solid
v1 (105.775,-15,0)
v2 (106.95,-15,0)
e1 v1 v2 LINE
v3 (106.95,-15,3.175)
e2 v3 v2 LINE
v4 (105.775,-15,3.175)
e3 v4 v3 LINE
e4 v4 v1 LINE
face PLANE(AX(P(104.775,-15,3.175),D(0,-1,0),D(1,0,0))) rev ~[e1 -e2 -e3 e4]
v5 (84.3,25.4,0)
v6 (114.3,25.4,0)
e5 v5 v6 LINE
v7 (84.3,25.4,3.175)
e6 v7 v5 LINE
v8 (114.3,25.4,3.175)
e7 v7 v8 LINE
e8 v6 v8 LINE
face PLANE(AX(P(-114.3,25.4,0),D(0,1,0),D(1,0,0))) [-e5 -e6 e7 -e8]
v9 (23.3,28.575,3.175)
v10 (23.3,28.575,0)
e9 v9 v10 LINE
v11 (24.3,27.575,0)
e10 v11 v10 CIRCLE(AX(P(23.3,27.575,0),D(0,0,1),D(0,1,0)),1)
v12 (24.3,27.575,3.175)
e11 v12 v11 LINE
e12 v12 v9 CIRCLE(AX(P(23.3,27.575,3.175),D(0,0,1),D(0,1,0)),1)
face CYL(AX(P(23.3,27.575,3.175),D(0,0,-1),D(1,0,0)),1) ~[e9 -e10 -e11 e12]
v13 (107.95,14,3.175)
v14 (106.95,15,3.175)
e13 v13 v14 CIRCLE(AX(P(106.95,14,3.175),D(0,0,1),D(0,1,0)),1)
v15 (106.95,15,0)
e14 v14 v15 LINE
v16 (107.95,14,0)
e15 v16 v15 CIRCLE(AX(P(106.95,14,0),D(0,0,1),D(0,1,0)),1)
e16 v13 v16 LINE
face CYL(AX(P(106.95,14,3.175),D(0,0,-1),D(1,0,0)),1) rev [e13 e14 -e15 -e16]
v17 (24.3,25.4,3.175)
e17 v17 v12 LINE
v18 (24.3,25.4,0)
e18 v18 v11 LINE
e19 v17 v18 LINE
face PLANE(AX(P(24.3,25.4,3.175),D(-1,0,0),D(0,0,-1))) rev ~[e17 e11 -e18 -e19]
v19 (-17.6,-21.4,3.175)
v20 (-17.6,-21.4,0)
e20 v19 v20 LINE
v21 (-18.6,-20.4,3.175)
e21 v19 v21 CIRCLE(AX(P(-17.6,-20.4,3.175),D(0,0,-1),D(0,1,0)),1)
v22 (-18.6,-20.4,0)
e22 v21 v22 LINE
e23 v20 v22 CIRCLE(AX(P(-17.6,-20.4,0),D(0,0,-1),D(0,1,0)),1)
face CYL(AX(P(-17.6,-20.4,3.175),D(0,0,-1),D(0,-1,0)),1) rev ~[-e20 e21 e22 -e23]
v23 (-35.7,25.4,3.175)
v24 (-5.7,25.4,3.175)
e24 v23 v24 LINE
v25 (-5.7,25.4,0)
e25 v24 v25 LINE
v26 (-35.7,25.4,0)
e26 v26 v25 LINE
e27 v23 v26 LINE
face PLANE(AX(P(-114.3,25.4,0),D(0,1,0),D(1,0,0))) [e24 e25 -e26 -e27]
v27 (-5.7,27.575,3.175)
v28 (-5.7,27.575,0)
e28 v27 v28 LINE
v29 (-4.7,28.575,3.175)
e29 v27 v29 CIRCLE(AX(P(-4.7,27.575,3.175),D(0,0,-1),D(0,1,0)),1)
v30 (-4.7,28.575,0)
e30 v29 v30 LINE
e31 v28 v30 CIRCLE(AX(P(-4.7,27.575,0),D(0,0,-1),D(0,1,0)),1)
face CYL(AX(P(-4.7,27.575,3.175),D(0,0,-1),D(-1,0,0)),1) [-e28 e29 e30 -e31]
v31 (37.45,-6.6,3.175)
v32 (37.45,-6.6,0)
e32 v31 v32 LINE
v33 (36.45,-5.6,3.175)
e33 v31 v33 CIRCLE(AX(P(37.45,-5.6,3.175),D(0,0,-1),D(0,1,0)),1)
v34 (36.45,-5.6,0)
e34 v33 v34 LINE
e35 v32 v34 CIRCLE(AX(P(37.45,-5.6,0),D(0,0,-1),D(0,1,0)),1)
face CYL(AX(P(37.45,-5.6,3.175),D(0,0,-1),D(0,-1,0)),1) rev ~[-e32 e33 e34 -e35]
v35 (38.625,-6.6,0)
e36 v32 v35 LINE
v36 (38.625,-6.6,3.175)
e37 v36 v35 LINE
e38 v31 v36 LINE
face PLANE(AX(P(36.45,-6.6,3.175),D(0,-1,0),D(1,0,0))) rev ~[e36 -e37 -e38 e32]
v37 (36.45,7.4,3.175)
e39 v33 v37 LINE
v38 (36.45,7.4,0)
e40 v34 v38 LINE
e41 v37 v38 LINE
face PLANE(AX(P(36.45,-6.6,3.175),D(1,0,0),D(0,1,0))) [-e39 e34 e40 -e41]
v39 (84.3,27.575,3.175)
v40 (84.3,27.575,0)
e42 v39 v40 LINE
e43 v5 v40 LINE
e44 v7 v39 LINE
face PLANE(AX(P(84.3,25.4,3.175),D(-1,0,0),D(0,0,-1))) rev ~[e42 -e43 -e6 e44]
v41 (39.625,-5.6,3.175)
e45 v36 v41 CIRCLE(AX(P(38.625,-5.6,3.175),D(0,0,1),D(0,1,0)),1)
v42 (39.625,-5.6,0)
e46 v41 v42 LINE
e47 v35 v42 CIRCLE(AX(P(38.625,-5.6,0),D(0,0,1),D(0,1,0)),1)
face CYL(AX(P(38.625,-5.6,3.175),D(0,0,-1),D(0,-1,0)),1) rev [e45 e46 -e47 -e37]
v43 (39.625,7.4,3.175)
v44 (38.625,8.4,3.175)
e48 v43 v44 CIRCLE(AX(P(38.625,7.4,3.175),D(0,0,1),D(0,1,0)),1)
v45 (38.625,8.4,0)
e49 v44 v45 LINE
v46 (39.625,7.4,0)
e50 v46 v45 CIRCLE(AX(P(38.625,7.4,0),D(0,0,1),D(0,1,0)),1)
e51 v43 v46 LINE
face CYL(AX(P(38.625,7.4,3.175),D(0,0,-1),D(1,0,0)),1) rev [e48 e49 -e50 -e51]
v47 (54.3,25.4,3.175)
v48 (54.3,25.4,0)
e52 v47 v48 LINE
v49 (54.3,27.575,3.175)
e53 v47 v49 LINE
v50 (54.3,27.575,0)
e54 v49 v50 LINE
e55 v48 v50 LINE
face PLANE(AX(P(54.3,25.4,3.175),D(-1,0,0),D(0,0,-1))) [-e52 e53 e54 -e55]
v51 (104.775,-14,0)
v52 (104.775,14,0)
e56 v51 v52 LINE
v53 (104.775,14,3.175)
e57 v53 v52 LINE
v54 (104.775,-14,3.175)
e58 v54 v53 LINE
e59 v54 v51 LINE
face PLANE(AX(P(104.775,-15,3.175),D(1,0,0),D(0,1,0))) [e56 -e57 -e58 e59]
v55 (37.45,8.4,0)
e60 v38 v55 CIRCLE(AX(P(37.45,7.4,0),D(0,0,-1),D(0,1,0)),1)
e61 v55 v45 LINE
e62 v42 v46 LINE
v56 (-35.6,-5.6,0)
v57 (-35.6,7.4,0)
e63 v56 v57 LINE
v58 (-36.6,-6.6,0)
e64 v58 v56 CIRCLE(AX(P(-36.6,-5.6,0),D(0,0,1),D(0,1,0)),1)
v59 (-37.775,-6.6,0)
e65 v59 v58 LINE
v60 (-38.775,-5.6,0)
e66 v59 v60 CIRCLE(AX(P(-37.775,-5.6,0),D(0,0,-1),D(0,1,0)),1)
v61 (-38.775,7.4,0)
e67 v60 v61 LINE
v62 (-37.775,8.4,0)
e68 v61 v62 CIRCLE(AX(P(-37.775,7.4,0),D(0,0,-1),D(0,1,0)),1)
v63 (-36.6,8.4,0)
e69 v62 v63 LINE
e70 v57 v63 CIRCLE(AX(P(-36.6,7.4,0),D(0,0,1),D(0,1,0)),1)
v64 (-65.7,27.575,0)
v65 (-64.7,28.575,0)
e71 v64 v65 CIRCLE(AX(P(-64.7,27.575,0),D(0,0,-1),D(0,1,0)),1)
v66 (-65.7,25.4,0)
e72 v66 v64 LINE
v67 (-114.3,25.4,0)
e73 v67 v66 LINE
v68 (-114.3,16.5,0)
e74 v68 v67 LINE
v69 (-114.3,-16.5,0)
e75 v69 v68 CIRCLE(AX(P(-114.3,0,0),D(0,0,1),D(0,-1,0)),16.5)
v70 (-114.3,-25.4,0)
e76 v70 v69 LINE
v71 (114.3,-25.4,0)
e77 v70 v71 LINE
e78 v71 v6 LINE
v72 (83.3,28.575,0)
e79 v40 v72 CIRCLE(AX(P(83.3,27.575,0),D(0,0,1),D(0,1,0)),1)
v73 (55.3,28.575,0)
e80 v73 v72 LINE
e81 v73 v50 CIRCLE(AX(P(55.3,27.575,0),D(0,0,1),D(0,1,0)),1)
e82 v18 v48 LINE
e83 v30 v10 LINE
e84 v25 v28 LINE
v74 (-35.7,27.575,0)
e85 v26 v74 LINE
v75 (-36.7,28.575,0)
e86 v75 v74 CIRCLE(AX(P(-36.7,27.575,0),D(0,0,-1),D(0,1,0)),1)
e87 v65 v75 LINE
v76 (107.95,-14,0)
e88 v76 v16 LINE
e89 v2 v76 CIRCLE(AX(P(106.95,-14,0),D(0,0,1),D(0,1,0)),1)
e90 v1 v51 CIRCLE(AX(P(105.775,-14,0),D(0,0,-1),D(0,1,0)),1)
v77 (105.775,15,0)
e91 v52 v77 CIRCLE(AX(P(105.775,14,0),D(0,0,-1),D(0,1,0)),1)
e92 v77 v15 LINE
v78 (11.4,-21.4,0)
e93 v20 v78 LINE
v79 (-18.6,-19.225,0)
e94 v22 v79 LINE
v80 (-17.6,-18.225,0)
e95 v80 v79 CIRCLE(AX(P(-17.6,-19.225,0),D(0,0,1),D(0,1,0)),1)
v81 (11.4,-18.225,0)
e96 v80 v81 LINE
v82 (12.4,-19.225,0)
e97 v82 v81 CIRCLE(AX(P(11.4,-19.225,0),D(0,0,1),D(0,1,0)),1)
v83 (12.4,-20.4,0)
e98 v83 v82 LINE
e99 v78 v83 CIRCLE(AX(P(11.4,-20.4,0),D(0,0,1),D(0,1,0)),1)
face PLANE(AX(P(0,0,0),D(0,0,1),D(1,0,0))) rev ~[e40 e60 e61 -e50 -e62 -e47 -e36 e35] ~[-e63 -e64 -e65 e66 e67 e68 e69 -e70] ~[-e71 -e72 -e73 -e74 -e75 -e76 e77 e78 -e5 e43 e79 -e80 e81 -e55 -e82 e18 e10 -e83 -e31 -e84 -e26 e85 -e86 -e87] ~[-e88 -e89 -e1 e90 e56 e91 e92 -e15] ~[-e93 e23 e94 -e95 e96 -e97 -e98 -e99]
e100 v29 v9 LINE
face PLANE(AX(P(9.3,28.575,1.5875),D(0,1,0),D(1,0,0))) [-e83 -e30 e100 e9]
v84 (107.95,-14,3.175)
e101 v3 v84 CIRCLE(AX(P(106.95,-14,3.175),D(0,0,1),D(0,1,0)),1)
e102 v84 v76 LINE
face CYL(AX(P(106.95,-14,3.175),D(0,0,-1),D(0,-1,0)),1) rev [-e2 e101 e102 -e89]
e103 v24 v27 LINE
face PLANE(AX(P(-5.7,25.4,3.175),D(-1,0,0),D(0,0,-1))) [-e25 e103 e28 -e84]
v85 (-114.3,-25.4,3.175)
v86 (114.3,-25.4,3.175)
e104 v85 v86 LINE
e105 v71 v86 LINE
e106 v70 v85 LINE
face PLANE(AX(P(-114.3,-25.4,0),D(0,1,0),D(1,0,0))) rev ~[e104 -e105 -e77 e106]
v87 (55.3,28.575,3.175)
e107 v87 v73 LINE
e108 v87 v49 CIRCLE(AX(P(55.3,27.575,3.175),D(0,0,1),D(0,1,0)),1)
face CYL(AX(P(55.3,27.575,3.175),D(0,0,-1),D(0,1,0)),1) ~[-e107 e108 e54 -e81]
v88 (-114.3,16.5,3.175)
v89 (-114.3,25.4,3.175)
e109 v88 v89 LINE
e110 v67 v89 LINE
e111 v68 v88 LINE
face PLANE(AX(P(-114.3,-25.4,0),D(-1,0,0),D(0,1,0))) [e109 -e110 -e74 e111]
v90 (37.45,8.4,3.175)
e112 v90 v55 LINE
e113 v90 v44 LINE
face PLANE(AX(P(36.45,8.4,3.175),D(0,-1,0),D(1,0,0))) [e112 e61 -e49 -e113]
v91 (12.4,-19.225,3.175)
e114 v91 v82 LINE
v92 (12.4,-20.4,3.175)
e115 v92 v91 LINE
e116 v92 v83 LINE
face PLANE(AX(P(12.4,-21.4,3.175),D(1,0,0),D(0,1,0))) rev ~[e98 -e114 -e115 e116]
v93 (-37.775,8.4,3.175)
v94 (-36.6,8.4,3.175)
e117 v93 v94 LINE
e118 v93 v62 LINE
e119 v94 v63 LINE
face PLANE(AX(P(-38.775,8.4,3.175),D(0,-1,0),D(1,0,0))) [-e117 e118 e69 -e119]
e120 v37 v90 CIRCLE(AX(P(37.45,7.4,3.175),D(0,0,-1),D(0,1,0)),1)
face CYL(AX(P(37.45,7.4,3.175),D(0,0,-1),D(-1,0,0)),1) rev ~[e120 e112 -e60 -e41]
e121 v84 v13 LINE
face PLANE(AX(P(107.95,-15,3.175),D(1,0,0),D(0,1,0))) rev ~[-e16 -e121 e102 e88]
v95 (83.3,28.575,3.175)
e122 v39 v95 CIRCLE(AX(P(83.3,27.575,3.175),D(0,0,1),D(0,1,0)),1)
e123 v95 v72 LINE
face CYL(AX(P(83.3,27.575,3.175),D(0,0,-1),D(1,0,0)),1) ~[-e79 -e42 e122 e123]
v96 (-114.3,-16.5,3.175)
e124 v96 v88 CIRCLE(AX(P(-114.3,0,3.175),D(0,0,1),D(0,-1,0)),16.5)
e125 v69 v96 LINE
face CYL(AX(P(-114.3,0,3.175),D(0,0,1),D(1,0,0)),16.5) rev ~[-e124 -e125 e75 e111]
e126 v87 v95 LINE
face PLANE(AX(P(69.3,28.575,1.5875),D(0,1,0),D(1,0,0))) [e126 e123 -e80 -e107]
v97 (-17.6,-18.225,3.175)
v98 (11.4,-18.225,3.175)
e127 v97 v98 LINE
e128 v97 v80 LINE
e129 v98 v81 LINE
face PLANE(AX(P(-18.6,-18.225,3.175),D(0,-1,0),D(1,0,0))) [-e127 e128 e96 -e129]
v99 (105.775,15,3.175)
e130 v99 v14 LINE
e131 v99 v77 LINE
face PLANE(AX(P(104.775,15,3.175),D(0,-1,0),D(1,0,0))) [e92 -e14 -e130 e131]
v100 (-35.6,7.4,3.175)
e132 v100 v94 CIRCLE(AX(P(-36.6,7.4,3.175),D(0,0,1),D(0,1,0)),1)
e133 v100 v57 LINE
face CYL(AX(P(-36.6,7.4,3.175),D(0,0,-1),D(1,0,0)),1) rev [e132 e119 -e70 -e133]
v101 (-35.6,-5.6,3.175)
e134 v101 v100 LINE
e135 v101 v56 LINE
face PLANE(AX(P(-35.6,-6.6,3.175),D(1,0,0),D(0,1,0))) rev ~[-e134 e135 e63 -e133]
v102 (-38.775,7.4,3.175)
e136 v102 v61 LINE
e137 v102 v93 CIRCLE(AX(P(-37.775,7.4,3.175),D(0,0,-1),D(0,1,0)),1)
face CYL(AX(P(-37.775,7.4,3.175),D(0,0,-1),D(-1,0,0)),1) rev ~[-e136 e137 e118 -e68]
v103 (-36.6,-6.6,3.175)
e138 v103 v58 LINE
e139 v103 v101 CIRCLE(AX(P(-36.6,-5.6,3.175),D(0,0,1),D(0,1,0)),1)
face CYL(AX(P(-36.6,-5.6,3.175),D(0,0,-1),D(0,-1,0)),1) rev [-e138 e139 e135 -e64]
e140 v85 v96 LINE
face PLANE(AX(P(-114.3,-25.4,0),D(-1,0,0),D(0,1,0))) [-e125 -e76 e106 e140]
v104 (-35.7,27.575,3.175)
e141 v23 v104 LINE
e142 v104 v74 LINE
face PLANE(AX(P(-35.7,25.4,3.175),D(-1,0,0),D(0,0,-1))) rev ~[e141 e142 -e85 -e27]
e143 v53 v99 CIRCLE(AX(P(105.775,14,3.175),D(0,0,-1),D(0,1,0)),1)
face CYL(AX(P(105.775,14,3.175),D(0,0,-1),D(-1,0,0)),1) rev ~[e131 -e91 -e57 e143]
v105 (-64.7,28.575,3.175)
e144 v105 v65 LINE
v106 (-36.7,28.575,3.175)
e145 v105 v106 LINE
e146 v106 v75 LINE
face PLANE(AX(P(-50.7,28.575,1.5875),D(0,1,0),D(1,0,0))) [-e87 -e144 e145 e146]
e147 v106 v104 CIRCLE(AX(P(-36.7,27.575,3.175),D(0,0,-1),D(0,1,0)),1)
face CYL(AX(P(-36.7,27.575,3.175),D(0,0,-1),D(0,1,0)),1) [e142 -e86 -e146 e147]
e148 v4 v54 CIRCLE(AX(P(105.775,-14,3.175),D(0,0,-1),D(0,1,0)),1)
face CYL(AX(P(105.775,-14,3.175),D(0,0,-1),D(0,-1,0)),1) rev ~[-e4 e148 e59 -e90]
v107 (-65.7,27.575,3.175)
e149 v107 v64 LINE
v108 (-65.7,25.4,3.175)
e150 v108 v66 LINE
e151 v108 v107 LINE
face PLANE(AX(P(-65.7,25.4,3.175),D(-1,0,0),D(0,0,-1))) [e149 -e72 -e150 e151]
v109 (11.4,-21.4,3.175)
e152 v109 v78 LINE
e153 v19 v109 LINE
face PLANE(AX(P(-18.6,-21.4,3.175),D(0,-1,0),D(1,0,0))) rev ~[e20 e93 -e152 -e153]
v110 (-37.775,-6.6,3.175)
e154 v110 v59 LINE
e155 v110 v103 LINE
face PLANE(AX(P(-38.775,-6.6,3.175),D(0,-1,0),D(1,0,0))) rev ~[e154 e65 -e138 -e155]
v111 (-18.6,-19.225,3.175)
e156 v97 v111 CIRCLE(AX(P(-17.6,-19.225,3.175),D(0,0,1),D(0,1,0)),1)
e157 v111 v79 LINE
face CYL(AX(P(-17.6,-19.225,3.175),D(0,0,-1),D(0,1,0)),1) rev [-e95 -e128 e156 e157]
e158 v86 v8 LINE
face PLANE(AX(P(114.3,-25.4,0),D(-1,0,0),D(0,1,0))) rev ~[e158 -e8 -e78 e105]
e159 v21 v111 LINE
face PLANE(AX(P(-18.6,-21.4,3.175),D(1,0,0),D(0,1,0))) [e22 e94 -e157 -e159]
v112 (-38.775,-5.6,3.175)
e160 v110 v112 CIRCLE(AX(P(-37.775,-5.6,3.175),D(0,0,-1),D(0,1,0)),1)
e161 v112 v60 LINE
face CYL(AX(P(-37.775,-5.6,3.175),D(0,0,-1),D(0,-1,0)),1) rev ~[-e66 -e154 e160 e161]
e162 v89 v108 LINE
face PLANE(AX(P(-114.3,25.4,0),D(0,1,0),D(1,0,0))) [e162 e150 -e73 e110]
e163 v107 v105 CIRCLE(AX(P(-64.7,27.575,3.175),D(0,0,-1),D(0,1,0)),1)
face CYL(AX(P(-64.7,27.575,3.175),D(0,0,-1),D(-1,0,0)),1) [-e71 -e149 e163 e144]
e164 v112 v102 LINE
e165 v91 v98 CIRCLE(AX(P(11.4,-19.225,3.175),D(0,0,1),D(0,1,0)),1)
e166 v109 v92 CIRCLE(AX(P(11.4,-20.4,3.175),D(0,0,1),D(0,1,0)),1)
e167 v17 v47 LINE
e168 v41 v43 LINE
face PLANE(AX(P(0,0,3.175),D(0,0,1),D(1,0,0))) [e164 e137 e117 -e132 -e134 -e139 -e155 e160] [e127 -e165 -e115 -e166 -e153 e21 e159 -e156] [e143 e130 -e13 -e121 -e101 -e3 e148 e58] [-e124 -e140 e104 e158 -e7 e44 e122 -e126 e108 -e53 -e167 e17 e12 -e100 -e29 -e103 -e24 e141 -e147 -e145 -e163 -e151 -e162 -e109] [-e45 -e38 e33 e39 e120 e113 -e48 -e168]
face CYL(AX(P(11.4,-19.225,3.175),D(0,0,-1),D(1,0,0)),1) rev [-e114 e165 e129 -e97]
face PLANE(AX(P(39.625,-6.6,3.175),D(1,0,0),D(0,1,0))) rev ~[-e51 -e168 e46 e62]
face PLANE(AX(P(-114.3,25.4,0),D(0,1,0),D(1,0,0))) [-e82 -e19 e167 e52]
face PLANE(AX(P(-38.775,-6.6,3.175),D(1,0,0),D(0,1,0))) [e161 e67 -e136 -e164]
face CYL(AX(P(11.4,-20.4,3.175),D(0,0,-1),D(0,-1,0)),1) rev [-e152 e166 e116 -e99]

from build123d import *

# Parameters (mm, degrees)
SKETCH1_W           = 228.6
SKETCH1_H           = 50.8
BOSS_EXTRUDE1_DEPTH = 3.175
SKETCH2_W           = 30
SKETCH2_H           = 3.175
BOSS_EXTRUDE2_DEPTH = 3.175
SKETCH3_R           = 16.5
CUT_EXTRUDE1_DEPTH  = 4.175
SKETCH4_W           = 3.175
SKETCH4_H           = 30
SKETCH4_H_2         = 15
CUT_EXTRUDE2_DEPTH  = 10
SKETCH5_W           = 31
SKETCH5_H           = 3.175
CUT_EXTRUDE3_DEPTH  = 10
FILLET1_R           = 1


with BuildPart() as part:
    # Sketch1 → Boss-Extrude1 (new body)
    with BuildSketch(Plane.XY):
        Rectangle(SKETCH1_W, SKETCH1_H)
    extrude(amount=BOSS_EXTRUDE1_DEPTH)

    # Sketch2 → Boss-Extrude2 (add)
    with BuildSketch(Plane(origin=(0, 25.4, 0), x_dir=(1, 0, 0), z_dir=(0, 1, 0))):
        with Locations((69.3, -1.5875)):
            Rectangle(SKETCH2_W, SKETCH2_H)
        with Locations((9.3, -1.5875)):
            Rectangle(SKETCH2_W, SKETCH2_H)
        with Locations((-50.7, -1.5875)):
            Rectangle(SKETCH2_W, SKETCH2_H)
    extrude(amount=BOSS_EXTRUDE2_DEPTH)

    # Sketch3 → Cut-Extrude1 (cut, through all)
    with BuildSketch(Plane.XY.offset(3.175)):
        with Locations((-114.3, 0)):
            Circle(SKETCH3_R)
    extrude(amount=-CUT_EXTRUDE1_DEPTH, mode=Mode.SUBTRACT)

    # Sketch4 → Cut-Extrude2 (cut)
    with BuildSketch(Plane.XY.offset(3.175)):
        with Locations((106.3625, 0)):
            Rectangle(SKETCH4_W, SKETCH4_H)
        with Locations((38.0375, 0.9)):
            Rectangle(SKETCH4_W, SKETCH4_H_2)
        with Locations((-37.1875, 0.9)):
            Rectangle(SKETCH4_W, SKETCH4_H_2)
    extrude(amount=-CUT_EXTRUDE2_DEPTH, mode=Mode.SUBTRACT)

    # Sketch5 → Cut-Extrude3 (cut)
    with BuildSketch(Plane.XY.offset(3.175)):
        with Locations((-3.1, -19.8125)):
            Rectangle(SKETCH5_W, SKETCH5_H)
    extrude(amount=-CUT_EXTRUDE3_DEPTH, mode=Mode.SUBTRACT)

    # Fillet1
    fillet1_edges = [part.edges().sort_by_distance(p)[0] for p in [
        (-38.775, -6.6, 1.5875),
        (-38.775, 8.4, 1.5875),
        (-35.6, 8.4, 1.5875),
        (-35.6, -6.6, 1.5875),
        (104.775, -15, 1.5875),
        (104.775, 15, 1.5875),
        (107.95, 15, 1.5875),
        (107.95, -15, 1.5875),
        (39.625, 8.4, 1.5875),
        (39.625, -6.6, 1.5875),
        (36.45, -6.6, 1.5875),
        (36.45, 8.4, 1.5875),
        (12.4, -18.225, 1.5875),
        (12.4, -21.4, 1.5875),
        (-18.6, -21.4, 1.5875),
        (-18.6, -18.225, 1.5875),
        (84.3, 28.575, 1.5875),
        (54.3, 28.575, 1.5875),
        (-5.7, 28.575, 1.5875),
        (24.3, 28.575, 1.5875),
        (-65.7, 28.575, 1.5875),
        (-35.7, 28.575, 1.5875),
    ]]
    fillet(fillet1_edges, radius=FILLET1_R)


solid = part.part
